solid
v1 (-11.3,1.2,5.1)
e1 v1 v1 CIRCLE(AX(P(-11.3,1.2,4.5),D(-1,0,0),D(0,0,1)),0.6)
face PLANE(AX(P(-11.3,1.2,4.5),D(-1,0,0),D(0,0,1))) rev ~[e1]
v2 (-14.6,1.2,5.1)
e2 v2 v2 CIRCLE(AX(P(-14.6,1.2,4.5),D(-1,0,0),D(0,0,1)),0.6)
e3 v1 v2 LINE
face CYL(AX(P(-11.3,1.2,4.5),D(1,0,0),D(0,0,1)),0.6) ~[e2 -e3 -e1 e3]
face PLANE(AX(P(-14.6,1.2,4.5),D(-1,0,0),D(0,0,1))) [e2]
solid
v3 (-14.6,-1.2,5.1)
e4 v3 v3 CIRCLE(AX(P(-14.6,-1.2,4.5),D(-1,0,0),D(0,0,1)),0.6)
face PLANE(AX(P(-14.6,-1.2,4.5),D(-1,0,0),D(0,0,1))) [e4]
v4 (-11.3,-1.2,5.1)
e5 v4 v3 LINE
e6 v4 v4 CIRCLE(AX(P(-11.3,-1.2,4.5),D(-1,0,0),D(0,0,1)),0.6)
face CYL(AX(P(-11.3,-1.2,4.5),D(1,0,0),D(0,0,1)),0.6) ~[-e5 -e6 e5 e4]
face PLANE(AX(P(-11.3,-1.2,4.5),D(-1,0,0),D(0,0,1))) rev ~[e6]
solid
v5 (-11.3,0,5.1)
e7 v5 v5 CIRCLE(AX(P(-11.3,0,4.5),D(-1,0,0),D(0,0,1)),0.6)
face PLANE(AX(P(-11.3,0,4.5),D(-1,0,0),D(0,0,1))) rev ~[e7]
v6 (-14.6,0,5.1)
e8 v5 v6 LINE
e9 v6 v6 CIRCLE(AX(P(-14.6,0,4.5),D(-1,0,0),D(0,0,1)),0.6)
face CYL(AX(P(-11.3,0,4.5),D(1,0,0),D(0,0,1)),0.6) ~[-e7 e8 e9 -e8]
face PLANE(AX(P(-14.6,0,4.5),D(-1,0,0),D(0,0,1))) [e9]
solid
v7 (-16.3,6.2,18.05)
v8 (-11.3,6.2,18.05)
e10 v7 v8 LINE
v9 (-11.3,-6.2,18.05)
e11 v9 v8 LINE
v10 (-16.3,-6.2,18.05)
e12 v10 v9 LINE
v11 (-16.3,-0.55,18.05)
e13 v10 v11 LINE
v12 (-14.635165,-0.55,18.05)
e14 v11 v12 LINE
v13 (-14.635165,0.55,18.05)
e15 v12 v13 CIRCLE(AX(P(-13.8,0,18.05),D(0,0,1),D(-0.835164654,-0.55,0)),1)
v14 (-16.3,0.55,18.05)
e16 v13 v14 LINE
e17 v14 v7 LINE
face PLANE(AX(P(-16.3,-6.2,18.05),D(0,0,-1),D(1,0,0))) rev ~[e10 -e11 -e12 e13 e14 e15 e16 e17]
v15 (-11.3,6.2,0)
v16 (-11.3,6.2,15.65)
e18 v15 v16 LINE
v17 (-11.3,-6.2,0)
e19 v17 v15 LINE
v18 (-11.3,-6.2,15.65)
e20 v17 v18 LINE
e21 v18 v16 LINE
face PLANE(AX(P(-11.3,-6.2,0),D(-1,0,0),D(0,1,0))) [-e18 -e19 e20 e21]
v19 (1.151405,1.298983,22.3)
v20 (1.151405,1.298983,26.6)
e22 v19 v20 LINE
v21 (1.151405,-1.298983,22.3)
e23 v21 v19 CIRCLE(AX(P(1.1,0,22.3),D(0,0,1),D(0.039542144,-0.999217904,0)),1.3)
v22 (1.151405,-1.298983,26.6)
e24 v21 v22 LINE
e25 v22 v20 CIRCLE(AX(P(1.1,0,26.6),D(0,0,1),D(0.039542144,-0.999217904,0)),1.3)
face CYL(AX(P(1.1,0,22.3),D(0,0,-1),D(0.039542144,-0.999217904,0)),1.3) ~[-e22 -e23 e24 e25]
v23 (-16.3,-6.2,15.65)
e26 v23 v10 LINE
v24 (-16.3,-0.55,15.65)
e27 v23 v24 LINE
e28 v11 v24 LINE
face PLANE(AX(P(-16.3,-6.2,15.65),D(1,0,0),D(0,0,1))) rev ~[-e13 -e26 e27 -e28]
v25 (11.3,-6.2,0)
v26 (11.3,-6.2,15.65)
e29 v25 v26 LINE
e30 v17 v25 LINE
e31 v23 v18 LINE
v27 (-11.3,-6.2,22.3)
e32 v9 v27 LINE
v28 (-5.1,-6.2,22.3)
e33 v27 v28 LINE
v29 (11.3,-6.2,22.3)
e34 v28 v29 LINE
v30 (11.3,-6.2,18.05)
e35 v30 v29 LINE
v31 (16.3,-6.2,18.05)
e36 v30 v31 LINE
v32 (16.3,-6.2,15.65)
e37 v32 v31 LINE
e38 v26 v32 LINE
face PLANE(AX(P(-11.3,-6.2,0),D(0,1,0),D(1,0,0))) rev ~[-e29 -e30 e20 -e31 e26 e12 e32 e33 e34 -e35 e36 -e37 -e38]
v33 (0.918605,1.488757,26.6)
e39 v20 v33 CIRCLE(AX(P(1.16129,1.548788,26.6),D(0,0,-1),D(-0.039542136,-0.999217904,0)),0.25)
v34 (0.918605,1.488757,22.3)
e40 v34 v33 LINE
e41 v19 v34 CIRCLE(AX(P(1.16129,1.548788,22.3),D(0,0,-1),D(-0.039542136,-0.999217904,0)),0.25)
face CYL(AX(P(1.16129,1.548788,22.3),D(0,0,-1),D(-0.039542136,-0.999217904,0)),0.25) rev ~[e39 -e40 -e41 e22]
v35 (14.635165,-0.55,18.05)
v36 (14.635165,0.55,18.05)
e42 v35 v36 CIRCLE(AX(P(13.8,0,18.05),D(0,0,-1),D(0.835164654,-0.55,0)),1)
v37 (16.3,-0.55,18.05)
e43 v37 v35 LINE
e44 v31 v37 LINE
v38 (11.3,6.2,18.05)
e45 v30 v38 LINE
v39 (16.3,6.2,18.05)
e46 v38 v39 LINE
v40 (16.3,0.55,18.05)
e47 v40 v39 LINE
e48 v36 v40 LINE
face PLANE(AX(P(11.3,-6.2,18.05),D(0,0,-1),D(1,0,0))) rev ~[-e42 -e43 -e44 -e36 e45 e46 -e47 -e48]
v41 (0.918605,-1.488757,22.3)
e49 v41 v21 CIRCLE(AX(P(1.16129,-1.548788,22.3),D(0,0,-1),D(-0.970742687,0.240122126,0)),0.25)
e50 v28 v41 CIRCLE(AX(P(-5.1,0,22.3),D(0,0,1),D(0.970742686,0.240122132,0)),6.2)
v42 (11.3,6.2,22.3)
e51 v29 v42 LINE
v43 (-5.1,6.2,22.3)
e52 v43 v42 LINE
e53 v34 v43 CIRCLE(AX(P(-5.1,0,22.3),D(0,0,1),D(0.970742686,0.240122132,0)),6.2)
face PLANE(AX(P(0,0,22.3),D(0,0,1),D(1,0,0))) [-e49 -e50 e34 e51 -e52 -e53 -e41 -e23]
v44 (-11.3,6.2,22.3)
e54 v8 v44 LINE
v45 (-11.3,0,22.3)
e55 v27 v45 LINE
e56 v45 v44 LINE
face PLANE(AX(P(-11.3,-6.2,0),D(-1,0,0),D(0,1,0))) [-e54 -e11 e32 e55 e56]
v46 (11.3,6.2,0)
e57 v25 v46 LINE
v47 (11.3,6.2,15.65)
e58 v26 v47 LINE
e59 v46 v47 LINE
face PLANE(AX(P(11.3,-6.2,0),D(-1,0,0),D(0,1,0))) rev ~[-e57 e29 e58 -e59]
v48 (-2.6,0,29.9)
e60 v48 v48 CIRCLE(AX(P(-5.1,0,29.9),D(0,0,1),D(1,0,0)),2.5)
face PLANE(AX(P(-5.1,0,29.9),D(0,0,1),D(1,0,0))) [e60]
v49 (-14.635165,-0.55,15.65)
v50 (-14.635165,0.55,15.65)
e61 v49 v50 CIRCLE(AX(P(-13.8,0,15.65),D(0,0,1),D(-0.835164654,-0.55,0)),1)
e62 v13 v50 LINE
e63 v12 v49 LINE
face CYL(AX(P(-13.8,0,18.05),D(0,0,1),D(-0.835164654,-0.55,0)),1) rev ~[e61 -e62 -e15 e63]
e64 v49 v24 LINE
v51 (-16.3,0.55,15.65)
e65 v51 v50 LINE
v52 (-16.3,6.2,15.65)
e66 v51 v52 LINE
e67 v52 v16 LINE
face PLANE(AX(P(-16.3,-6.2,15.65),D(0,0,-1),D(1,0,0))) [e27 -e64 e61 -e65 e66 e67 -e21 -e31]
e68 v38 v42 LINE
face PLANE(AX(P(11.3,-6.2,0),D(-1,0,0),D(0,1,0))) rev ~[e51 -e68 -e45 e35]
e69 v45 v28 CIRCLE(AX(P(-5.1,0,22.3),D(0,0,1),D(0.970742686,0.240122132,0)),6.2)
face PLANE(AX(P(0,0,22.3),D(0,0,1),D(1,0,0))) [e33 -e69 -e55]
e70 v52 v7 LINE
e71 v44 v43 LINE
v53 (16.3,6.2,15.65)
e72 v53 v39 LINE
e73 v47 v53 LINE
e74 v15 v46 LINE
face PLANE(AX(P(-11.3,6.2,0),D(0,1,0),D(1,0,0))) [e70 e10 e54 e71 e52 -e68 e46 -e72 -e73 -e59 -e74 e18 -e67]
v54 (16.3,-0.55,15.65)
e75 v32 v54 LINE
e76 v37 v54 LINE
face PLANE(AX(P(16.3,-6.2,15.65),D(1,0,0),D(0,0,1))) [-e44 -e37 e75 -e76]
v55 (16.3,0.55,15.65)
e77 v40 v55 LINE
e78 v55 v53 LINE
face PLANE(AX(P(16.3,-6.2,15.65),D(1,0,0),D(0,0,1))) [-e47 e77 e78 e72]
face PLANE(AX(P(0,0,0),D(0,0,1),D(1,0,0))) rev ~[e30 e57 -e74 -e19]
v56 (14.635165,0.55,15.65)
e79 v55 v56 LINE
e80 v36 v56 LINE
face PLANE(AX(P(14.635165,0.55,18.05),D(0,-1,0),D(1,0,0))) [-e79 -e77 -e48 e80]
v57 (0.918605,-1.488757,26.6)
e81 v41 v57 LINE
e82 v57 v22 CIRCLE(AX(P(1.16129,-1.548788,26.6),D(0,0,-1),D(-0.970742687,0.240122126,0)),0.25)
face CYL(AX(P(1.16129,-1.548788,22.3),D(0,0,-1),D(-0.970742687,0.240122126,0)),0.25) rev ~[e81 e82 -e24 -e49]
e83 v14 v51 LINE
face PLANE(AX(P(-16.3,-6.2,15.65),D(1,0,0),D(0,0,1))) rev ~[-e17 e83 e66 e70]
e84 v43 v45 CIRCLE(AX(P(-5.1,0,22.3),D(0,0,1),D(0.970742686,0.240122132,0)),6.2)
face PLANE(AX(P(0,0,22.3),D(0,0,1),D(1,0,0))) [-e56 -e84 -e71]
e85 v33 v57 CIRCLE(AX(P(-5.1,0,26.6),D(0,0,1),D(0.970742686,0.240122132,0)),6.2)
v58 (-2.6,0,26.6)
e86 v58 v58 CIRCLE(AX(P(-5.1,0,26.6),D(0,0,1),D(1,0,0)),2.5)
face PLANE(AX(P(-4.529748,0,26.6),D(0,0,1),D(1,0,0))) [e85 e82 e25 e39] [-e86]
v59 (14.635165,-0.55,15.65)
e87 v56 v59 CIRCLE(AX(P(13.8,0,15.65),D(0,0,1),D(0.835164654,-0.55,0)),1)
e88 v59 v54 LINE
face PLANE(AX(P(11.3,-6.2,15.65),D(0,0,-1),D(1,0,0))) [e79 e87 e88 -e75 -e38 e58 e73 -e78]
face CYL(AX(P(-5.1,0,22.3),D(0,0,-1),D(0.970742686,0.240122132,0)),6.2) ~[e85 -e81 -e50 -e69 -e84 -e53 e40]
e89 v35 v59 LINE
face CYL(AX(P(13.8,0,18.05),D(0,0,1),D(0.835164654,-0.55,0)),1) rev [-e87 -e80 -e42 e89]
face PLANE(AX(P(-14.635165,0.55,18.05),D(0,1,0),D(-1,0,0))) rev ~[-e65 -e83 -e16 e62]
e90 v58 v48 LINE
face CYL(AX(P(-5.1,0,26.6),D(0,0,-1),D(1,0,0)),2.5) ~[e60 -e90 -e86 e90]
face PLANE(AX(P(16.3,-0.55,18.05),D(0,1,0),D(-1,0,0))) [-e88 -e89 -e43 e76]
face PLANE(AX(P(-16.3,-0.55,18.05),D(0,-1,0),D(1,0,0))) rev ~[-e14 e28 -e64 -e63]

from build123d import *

# Parameters (mm, degrees)
SKETCH1_W             = 22.6
SKETCH1_H             = 12.4
BOSS_EXTRUDE1_DEPTH   = 22.3
SKETCH2_W             = 5
SKETCH2_H             = 2.4
BOSS_EXTRUDE2_DEPTH   = 12.4
CUT_EXTRUDE1_DEPTH    = 22.3
BOSS_EXTRUDE3_DEPTH   = 4.3
SKETCH6_R             = 2.5
BOSS_EXTRUDE4_DEPTH   = 3.3
SKETCH7_R             = 0.6
BOSS_EXTRUDE5_DEPTH   = 3.3
BOSS_EXTRUDE5_2_DEPTH = 3.3
BOSS_EXTRUDE5_3_DEPTH = 3.3


with BuildPart() as part:
    # Sketch1 → Boss-Extrude1 (new body)
    with BuildSketch(Plane.XY):
        Rectangle(SKETCH1_W, SKETCH1_H)
    extrude(amount=BOSS_EXTRUDE1_DEPTH)

    # Sketch2 → Boss-Extrude2 (add)
    with BuildSketch(Plane.XZ.offset(6.2)):
        with Locations((13.8, 16.85)):
            Rectangle(SKETCH2_W, SKETCH2_H)
        with Locations((-13.8, 16.85)):
            Rectangle(SKETCH2_W, SKETCH2_H)
    extrude(amount=-BOSS_EXTRUDE2_DEPTH)

    # Sketch3 → Cut-Extrude1 (cut)
    with BuildSketch(Plane.XY.offset(18.05)):
        with BuildLine():
            Line((14.635164654, 0.55), (16.3, 0.55))
            Line((16.3, 0.55), (16.3, -0.55))
            Line((16.3, -0.55), (14.635164654, -0.55))
            ThreePointArc((14.635164654, -0.55), (12.8, 0), (14.635164654, 0.55))
        make_face()
        with BuildLine():
            Line((-16.3, -0.55), (-14.635164654, -0.55))
            ThreePointArc((-14.635164654, -0.55), (-12.8, 0), (-14.635164654, 0.55))
            Line((-14.635164654, 0.55), (-16.3, 0.55))
            Line((-16.3, 0.55), (-16.3, -0.55))
        make_face()
    extrude(amount=-CUT_EXTRUDE1_DEPTH, mode=Mode.SUBTRACT)

    # Sketch4 → Boss-Extrude3 (add)
    with BuildSketch(Plane.XY.offset(22.3)):
        with BuildLine():
            ThreePointArc((0.918604651, 1.488757218), (-11.3, 0), (0.918604651, -1.488757218))
            ThreePointArc((0.918604651, -1.488757218), (1.003329596, -1.355013632), (1.151404787, -1.298983275))
            ThreePointArc((1.151404787, -1.298983275), (2.4, 0), (1.151404787, 1.298983275))
            ThreePointArc((1.151404787, 1.298983275), (1.003329596, 1.355013632), (0.918604651, 1.488757218))
        make_face()
    extrude(amount=BOSS_EXTRUDE3_DEPTH)

    # Sketch6 → Boss-Extrude4 (add)
    with BuildSketch(Plane.XY.offset(26.6)):
        with Locations((-5.1, 0)):
            Circle(SKETCH6_R)
    extrude(amount=BOSS_EXTRUDE4_DEPTH)


with BuildPart() as body_2:
    # Sketch7 → Boss-Extrude5 (new body)
    with BuildSketch(Plane.ZY.offset(11.3)):
        with Locations((4.5, 1.2)):
            Circle(SKETCH7_R)
    extrude(amount=BOSS_EXTRUDE5_DEPTH)


with BuildPart() as body_3:
    # Sketch7 → Boss-Extrude5 2 (new body)
    with BuildSketch(Plane.ZY.offset(11.3)):
        with Locations((4.5, 0)):
            Circle(SKETCH7_R)
    extrude(amount=BOSS_EXTRUDE5_2_DEPTH)


with BuildPart() as body_4:
    # Sketch7 → Boss-Extrude5 3 (new body)
    with BuildSketch(Plane.ZY.offset(11.3)):
        with Locations((4.5, -1.2)):
            Circle(SKETCH7_R)
    extrude(amount=BOSS_EXTRUDE5_3_DEPTH)


solid = Compound([part.part, body_2.part, body_3.part, body_4.part])
